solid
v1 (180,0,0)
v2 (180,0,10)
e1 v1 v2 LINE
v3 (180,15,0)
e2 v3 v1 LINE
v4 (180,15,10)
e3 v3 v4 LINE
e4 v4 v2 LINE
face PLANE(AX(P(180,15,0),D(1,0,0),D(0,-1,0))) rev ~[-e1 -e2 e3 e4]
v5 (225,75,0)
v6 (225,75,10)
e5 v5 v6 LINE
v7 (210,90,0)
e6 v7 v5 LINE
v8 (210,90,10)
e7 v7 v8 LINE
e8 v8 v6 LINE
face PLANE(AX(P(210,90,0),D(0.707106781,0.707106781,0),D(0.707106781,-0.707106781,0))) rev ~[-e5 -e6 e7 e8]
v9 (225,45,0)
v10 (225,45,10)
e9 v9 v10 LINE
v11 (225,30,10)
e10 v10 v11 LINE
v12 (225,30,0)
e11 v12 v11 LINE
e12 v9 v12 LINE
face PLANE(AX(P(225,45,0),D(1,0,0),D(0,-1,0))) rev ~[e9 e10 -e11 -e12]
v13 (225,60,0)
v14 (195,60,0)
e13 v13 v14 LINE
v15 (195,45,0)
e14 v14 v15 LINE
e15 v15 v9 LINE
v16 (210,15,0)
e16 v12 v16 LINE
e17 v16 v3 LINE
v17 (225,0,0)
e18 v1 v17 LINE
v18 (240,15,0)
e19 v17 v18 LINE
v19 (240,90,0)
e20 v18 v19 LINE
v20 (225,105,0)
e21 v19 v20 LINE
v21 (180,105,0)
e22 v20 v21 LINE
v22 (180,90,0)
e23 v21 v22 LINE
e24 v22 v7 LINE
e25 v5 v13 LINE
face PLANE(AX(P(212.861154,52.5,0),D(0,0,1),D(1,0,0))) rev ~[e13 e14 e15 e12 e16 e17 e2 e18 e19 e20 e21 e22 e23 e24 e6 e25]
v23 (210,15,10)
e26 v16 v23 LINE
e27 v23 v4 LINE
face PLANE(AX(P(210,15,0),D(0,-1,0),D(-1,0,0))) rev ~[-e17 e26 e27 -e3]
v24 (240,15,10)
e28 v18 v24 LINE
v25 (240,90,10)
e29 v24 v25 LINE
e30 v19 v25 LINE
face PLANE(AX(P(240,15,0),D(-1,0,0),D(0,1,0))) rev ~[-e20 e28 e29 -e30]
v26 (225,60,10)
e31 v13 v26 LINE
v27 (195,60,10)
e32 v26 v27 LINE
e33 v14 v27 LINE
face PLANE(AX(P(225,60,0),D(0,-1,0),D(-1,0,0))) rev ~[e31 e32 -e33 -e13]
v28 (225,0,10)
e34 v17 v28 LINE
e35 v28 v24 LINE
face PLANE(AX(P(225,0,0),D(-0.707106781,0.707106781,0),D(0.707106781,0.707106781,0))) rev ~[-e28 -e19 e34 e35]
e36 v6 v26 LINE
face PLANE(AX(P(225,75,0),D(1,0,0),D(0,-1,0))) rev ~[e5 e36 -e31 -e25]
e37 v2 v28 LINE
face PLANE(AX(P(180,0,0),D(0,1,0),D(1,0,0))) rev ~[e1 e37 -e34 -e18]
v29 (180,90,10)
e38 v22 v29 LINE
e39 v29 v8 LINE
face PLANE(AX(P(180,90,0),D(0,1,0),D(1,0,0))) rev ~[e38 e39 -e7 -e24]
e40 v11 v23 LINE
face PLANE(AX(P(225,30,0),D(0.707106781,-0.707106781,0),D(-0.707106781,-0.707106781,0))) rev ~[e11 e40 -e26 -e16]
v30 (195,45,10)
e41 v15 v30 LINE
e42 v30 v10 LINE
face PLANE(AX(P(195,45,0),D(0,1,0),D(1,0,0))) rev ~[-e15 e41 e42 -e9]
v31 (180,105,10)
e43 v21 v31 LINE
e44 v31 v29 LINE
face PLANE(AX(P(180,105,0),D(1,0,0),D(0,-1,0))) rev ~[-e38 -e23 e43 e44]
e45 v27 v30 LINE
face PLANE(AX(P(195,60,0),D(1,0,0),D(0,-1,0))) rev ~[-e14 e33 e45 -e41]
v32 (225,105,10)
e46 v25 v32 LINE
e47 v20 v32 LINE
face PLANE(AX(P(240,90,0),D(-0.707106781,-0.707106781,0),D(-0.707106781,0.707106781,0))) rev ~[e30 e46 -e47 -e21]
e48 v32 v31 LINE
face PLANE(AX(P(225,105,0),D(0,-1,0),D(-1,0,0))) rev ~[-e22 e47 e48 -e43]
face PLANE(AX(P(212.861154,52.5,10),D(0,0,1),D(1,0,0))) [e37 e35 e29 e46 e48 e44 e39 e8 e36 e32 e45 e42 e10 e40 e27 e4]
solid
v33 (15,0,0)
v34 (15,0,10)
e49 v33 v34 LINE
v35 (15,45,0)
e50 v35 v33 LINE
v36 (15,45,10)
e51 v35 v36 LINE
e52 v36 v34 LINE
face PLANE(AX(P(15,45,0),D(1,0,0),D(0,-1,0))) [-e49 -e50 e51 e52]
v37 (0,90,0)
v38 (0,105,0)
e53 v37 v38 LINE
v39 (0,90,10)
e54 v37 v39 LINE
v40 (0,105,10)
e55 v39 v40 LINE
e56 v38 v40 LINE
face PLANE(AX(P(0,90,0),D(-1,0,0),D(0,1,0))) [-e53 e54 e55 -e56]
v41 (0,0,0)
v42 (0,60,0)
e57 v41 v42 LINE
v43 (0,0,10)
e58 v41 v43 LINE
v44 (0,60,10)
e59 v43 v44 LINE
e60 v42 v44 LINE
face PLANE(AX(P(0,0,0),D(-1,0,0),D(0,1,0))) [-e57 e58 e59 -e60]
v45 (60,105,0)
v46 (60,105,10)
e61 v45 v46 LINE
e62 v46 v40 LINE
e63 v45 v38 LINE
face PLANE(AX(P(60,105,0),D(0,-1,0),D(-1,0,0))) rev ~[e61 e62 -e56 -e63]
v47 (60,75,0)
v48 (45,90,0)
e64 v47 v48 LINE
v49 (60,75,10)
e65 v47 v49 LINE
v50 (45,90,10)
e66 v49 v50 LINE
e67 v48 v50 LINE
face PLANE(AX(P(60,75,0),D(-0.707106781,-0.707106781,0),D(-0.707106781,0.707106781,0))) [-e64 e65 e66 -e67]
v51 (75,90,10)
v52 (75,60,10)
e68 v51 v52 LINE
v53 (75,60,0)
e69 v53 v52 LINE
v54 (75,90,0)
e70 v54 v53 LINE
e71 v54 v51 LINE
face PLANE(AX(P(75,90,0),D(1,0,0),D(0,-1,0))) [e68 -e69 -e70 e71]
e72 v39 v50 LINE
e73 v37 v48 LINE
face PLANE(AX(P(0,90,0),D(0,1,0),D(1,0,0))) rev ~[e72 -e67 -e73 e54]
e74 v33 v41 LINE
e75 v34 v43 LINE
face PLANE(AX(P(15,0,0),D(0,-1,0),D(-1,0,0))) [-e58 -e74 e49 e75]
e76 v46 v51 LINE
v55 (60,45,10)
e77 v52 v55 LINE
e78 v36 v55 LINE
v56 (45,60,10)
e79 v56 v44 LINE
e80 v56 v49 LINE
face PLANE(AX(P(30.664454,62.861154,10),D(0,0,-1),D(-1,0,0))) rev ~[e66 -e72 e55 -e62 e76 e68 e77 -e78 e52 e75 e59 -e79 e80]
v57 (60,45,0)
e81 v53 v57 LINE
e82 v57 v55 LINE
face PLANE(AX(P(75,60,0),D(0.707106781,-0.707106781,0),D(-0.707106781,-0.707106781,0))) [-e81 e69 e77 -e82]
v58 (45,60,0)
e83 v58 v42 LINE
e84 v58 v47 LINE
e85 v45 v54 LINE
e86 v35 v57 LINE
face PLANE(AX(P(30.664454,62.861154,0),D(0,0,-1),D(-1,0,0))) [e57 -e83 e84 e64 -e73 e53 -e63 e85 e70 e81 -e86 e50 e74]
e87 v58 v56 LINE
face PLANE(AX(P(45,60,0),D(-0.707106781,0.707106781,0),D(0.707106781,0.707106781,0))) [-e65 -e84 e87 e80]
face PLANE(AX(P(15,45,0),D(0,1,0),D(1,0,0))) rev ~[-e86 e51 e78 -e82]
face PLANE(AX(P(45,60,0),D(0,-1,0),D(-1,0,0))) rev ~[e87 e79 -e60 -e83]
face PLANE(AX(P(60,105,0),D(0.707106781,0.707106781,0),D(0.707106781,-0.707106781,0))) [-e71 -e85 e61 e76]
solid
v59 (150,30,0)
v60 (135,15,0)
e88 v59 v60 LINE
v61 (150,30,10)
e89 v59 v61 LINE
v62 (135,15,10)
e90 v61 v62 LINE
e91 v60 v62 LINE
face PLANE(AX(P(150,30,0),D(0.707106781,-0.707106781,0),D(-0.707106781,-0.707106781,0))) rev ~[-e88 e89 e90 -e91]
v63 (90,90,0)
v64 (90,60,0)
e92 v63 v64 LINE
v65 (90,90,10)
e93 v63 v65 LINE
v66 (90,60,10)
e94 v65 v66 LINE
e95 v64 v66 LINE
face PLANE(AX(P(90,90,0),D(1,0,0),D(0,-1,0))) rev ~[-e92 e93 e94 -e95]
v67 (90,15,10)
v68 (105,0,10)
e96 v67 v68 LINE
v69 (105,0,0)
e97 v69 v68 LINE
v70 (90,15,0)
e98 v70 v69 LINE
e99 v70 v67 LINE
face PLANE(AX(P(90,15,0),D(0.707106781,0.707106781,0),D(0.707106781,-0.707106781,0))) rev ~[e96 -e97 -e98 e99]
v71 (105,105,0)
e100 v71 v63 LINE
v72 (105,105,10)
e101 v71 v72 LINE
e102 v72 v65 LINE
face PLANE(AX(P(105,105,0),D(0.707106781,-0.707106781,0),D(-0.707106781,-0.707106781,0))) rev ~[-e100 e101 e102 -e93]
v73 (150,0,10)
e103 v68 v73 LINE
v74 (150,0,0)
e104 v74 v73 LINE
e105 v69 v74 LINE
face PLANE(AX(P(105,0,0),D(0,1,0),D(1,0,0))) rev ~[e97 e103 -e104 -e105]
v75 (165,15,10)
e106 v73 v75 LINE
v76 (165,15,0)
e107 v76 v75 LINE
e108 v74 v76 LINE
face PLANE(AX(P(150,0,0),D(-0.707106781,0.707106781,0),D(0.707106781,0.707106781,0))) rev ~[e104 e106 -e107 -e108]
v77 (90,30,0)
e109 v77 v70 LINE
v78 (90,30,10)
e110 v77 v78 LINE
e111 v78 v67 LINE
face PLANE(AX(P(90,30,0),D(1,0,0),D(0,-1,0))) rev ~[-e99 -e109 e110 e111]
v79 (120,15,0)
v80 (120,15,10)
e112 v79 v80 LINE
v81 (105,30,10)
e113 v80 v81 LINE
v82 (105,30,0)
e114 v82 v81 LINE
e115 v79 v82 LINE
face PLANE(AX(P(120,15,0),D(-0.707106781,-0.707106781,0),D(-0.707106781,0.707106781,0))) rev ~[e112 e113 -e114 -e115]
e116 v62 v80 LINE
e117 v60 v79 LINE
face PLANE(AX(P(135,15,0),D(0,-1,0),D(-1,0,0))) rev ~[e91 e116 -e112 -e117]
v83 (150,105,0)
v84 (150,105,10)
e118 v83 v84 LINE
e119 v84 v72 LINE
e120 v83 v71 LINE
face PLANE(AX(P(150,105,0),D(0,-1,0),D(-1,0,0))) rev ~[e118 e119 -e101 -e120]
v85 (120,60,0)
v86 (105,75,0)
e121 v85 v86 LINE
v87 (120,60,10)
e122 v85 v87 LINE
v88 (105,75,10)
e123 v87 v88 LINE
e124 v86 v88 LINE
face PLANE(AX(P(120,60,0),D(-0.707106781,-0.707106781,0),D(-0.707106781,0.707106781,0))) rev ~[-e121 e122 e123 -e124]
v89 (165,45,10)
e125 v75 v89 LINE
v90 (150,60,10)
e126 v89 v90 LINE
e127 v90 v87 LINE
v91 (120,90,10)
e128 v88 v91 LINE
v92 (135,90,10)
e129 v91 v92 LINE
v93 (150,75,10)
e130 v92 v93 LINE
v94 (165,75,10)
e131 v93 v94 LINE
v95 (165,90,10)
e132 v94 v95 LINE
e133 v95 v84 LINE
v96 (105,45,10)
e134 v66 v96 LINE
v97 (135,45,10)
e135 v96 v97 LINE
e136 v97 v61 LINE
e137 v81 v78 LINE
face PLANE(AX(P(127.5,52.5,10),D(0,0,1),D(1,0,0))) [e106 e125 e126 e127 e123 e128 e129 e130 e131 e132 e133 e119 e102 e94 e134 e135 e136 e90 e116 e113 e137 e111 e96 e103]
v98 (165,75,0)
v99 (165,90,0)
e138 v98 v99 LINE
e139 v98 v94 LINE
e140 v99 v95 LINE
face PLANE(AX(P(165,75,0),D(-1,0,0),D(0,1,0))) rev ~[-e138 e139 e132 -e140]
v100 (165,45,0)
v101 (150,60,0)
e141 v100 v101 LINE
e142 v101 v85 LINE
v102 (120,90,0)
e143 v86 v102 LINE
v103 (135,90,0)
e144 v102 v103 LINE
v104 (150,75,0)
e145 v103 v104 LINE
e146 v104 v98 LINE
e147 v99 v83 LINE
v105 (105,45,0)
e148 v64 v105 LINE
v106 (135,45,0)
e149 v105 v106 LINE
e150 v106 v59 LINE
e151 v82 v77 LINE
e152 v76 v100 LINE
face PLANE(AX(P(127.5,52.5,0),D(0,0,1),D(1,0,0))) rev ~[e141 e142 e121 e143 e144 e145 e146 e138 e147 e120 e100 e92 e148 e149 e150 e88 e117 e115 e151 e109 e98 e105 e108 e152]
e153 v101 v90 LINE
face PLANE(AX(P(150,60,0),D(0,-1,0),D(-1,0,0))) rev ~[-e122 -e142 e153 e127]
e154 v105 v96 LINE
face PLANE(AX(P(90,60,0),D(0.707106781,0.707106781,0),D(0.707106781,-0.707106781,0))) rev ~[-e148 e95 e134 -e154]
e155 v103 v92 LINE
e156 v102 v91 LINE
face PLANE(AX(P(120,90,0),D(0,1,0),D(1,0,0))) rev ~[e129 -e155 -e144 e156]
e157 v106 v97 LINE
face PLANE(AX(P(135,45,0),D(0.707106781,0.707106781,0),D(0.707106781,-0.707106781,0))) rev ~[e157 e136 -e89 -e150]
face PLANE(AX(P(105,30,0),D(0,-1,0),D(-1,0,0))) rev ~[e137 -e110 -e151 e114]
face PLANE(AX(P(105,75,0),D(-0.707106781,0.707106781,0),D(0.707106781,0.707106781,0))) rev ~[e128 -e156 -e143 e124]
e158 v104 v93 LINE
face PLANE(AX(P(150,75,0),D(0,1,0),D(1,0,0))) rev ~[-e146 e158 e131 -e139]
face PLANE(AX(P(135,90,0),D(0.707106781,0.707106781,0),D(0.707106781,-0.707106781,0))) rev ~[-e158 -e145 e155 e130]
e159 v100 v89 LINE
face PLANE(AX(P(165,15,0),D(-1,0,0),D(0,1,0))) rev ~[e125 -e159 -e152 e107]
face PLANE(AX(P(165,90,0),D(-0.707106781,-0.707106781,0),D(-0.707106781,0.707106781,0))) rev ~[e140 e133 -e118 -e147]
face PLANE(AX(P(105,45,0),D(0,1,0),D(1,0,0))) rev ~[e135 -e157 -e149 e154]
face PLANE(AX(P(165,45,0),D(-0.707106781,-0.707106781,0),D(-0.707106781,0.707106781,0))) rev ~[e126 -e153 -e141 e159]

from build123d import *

# Parameters (mm, degrees)
EXTRUDE1_DEPTH   = 10
EXTRUDE1_2_DEPTH = 10
EXTRUDE1_3_DEPTH = 10


with BuildPart() as part:
    # Sketch2 → Extrude1 (new body)
    with BuildSketch(Plane.XY):
        Polygon((0, 90), (0, 105), (45, 105), (60, 105), (75, 90), (75, 60), (60, 45), (45, 45), (15, 45), (15, 0), (0, 0), (0, 60), (30, 60), (45, 60), (60, 75), (45, 90), (30, 90), align=None)
    extrude(amount=EXTRUDE1_DEPTH)


with BuildPart() as body_2:
    # Sketch2 → Extrude1 2 (new body)
    with BuildSketch(Plane.XY):
        Polygon((105, 30), (90, 30), (90, 15), (105, 0), (150, 0), (165, 15), (165, 45), (150, 60), (135, 60), (120, 60), (105, 75), (120, 90), (135, 90), (150, 75), (165, 75), (165, 90), (150, 105), (105, 105), (90, 90), (90, 60), (105, 45), (135, 45), (150, 30), (135, 15), (120, 15), align=None)
    extrude(amount=EXTRUDE1_2_DEPTH)


with BuildPart() as body_3:
    # Sketch2 → Extrude1 3 (new body)
    with BuildSketch(Plane.XY):
        Polygon((180, 15), (180, 0), (225, 0), (240, 15), (240, 90), (225, 105), (180, 105), (180, 90), (210, 90), (225, 75), (225, 60), (195, 60), (195, 45), (225, 45), (225, 30), (210, 15), align=None)
    extrude(amount=EXTRUDE1_3_DEPTH)


solid = Compound([part.part, body_2.part, body_3.part])
